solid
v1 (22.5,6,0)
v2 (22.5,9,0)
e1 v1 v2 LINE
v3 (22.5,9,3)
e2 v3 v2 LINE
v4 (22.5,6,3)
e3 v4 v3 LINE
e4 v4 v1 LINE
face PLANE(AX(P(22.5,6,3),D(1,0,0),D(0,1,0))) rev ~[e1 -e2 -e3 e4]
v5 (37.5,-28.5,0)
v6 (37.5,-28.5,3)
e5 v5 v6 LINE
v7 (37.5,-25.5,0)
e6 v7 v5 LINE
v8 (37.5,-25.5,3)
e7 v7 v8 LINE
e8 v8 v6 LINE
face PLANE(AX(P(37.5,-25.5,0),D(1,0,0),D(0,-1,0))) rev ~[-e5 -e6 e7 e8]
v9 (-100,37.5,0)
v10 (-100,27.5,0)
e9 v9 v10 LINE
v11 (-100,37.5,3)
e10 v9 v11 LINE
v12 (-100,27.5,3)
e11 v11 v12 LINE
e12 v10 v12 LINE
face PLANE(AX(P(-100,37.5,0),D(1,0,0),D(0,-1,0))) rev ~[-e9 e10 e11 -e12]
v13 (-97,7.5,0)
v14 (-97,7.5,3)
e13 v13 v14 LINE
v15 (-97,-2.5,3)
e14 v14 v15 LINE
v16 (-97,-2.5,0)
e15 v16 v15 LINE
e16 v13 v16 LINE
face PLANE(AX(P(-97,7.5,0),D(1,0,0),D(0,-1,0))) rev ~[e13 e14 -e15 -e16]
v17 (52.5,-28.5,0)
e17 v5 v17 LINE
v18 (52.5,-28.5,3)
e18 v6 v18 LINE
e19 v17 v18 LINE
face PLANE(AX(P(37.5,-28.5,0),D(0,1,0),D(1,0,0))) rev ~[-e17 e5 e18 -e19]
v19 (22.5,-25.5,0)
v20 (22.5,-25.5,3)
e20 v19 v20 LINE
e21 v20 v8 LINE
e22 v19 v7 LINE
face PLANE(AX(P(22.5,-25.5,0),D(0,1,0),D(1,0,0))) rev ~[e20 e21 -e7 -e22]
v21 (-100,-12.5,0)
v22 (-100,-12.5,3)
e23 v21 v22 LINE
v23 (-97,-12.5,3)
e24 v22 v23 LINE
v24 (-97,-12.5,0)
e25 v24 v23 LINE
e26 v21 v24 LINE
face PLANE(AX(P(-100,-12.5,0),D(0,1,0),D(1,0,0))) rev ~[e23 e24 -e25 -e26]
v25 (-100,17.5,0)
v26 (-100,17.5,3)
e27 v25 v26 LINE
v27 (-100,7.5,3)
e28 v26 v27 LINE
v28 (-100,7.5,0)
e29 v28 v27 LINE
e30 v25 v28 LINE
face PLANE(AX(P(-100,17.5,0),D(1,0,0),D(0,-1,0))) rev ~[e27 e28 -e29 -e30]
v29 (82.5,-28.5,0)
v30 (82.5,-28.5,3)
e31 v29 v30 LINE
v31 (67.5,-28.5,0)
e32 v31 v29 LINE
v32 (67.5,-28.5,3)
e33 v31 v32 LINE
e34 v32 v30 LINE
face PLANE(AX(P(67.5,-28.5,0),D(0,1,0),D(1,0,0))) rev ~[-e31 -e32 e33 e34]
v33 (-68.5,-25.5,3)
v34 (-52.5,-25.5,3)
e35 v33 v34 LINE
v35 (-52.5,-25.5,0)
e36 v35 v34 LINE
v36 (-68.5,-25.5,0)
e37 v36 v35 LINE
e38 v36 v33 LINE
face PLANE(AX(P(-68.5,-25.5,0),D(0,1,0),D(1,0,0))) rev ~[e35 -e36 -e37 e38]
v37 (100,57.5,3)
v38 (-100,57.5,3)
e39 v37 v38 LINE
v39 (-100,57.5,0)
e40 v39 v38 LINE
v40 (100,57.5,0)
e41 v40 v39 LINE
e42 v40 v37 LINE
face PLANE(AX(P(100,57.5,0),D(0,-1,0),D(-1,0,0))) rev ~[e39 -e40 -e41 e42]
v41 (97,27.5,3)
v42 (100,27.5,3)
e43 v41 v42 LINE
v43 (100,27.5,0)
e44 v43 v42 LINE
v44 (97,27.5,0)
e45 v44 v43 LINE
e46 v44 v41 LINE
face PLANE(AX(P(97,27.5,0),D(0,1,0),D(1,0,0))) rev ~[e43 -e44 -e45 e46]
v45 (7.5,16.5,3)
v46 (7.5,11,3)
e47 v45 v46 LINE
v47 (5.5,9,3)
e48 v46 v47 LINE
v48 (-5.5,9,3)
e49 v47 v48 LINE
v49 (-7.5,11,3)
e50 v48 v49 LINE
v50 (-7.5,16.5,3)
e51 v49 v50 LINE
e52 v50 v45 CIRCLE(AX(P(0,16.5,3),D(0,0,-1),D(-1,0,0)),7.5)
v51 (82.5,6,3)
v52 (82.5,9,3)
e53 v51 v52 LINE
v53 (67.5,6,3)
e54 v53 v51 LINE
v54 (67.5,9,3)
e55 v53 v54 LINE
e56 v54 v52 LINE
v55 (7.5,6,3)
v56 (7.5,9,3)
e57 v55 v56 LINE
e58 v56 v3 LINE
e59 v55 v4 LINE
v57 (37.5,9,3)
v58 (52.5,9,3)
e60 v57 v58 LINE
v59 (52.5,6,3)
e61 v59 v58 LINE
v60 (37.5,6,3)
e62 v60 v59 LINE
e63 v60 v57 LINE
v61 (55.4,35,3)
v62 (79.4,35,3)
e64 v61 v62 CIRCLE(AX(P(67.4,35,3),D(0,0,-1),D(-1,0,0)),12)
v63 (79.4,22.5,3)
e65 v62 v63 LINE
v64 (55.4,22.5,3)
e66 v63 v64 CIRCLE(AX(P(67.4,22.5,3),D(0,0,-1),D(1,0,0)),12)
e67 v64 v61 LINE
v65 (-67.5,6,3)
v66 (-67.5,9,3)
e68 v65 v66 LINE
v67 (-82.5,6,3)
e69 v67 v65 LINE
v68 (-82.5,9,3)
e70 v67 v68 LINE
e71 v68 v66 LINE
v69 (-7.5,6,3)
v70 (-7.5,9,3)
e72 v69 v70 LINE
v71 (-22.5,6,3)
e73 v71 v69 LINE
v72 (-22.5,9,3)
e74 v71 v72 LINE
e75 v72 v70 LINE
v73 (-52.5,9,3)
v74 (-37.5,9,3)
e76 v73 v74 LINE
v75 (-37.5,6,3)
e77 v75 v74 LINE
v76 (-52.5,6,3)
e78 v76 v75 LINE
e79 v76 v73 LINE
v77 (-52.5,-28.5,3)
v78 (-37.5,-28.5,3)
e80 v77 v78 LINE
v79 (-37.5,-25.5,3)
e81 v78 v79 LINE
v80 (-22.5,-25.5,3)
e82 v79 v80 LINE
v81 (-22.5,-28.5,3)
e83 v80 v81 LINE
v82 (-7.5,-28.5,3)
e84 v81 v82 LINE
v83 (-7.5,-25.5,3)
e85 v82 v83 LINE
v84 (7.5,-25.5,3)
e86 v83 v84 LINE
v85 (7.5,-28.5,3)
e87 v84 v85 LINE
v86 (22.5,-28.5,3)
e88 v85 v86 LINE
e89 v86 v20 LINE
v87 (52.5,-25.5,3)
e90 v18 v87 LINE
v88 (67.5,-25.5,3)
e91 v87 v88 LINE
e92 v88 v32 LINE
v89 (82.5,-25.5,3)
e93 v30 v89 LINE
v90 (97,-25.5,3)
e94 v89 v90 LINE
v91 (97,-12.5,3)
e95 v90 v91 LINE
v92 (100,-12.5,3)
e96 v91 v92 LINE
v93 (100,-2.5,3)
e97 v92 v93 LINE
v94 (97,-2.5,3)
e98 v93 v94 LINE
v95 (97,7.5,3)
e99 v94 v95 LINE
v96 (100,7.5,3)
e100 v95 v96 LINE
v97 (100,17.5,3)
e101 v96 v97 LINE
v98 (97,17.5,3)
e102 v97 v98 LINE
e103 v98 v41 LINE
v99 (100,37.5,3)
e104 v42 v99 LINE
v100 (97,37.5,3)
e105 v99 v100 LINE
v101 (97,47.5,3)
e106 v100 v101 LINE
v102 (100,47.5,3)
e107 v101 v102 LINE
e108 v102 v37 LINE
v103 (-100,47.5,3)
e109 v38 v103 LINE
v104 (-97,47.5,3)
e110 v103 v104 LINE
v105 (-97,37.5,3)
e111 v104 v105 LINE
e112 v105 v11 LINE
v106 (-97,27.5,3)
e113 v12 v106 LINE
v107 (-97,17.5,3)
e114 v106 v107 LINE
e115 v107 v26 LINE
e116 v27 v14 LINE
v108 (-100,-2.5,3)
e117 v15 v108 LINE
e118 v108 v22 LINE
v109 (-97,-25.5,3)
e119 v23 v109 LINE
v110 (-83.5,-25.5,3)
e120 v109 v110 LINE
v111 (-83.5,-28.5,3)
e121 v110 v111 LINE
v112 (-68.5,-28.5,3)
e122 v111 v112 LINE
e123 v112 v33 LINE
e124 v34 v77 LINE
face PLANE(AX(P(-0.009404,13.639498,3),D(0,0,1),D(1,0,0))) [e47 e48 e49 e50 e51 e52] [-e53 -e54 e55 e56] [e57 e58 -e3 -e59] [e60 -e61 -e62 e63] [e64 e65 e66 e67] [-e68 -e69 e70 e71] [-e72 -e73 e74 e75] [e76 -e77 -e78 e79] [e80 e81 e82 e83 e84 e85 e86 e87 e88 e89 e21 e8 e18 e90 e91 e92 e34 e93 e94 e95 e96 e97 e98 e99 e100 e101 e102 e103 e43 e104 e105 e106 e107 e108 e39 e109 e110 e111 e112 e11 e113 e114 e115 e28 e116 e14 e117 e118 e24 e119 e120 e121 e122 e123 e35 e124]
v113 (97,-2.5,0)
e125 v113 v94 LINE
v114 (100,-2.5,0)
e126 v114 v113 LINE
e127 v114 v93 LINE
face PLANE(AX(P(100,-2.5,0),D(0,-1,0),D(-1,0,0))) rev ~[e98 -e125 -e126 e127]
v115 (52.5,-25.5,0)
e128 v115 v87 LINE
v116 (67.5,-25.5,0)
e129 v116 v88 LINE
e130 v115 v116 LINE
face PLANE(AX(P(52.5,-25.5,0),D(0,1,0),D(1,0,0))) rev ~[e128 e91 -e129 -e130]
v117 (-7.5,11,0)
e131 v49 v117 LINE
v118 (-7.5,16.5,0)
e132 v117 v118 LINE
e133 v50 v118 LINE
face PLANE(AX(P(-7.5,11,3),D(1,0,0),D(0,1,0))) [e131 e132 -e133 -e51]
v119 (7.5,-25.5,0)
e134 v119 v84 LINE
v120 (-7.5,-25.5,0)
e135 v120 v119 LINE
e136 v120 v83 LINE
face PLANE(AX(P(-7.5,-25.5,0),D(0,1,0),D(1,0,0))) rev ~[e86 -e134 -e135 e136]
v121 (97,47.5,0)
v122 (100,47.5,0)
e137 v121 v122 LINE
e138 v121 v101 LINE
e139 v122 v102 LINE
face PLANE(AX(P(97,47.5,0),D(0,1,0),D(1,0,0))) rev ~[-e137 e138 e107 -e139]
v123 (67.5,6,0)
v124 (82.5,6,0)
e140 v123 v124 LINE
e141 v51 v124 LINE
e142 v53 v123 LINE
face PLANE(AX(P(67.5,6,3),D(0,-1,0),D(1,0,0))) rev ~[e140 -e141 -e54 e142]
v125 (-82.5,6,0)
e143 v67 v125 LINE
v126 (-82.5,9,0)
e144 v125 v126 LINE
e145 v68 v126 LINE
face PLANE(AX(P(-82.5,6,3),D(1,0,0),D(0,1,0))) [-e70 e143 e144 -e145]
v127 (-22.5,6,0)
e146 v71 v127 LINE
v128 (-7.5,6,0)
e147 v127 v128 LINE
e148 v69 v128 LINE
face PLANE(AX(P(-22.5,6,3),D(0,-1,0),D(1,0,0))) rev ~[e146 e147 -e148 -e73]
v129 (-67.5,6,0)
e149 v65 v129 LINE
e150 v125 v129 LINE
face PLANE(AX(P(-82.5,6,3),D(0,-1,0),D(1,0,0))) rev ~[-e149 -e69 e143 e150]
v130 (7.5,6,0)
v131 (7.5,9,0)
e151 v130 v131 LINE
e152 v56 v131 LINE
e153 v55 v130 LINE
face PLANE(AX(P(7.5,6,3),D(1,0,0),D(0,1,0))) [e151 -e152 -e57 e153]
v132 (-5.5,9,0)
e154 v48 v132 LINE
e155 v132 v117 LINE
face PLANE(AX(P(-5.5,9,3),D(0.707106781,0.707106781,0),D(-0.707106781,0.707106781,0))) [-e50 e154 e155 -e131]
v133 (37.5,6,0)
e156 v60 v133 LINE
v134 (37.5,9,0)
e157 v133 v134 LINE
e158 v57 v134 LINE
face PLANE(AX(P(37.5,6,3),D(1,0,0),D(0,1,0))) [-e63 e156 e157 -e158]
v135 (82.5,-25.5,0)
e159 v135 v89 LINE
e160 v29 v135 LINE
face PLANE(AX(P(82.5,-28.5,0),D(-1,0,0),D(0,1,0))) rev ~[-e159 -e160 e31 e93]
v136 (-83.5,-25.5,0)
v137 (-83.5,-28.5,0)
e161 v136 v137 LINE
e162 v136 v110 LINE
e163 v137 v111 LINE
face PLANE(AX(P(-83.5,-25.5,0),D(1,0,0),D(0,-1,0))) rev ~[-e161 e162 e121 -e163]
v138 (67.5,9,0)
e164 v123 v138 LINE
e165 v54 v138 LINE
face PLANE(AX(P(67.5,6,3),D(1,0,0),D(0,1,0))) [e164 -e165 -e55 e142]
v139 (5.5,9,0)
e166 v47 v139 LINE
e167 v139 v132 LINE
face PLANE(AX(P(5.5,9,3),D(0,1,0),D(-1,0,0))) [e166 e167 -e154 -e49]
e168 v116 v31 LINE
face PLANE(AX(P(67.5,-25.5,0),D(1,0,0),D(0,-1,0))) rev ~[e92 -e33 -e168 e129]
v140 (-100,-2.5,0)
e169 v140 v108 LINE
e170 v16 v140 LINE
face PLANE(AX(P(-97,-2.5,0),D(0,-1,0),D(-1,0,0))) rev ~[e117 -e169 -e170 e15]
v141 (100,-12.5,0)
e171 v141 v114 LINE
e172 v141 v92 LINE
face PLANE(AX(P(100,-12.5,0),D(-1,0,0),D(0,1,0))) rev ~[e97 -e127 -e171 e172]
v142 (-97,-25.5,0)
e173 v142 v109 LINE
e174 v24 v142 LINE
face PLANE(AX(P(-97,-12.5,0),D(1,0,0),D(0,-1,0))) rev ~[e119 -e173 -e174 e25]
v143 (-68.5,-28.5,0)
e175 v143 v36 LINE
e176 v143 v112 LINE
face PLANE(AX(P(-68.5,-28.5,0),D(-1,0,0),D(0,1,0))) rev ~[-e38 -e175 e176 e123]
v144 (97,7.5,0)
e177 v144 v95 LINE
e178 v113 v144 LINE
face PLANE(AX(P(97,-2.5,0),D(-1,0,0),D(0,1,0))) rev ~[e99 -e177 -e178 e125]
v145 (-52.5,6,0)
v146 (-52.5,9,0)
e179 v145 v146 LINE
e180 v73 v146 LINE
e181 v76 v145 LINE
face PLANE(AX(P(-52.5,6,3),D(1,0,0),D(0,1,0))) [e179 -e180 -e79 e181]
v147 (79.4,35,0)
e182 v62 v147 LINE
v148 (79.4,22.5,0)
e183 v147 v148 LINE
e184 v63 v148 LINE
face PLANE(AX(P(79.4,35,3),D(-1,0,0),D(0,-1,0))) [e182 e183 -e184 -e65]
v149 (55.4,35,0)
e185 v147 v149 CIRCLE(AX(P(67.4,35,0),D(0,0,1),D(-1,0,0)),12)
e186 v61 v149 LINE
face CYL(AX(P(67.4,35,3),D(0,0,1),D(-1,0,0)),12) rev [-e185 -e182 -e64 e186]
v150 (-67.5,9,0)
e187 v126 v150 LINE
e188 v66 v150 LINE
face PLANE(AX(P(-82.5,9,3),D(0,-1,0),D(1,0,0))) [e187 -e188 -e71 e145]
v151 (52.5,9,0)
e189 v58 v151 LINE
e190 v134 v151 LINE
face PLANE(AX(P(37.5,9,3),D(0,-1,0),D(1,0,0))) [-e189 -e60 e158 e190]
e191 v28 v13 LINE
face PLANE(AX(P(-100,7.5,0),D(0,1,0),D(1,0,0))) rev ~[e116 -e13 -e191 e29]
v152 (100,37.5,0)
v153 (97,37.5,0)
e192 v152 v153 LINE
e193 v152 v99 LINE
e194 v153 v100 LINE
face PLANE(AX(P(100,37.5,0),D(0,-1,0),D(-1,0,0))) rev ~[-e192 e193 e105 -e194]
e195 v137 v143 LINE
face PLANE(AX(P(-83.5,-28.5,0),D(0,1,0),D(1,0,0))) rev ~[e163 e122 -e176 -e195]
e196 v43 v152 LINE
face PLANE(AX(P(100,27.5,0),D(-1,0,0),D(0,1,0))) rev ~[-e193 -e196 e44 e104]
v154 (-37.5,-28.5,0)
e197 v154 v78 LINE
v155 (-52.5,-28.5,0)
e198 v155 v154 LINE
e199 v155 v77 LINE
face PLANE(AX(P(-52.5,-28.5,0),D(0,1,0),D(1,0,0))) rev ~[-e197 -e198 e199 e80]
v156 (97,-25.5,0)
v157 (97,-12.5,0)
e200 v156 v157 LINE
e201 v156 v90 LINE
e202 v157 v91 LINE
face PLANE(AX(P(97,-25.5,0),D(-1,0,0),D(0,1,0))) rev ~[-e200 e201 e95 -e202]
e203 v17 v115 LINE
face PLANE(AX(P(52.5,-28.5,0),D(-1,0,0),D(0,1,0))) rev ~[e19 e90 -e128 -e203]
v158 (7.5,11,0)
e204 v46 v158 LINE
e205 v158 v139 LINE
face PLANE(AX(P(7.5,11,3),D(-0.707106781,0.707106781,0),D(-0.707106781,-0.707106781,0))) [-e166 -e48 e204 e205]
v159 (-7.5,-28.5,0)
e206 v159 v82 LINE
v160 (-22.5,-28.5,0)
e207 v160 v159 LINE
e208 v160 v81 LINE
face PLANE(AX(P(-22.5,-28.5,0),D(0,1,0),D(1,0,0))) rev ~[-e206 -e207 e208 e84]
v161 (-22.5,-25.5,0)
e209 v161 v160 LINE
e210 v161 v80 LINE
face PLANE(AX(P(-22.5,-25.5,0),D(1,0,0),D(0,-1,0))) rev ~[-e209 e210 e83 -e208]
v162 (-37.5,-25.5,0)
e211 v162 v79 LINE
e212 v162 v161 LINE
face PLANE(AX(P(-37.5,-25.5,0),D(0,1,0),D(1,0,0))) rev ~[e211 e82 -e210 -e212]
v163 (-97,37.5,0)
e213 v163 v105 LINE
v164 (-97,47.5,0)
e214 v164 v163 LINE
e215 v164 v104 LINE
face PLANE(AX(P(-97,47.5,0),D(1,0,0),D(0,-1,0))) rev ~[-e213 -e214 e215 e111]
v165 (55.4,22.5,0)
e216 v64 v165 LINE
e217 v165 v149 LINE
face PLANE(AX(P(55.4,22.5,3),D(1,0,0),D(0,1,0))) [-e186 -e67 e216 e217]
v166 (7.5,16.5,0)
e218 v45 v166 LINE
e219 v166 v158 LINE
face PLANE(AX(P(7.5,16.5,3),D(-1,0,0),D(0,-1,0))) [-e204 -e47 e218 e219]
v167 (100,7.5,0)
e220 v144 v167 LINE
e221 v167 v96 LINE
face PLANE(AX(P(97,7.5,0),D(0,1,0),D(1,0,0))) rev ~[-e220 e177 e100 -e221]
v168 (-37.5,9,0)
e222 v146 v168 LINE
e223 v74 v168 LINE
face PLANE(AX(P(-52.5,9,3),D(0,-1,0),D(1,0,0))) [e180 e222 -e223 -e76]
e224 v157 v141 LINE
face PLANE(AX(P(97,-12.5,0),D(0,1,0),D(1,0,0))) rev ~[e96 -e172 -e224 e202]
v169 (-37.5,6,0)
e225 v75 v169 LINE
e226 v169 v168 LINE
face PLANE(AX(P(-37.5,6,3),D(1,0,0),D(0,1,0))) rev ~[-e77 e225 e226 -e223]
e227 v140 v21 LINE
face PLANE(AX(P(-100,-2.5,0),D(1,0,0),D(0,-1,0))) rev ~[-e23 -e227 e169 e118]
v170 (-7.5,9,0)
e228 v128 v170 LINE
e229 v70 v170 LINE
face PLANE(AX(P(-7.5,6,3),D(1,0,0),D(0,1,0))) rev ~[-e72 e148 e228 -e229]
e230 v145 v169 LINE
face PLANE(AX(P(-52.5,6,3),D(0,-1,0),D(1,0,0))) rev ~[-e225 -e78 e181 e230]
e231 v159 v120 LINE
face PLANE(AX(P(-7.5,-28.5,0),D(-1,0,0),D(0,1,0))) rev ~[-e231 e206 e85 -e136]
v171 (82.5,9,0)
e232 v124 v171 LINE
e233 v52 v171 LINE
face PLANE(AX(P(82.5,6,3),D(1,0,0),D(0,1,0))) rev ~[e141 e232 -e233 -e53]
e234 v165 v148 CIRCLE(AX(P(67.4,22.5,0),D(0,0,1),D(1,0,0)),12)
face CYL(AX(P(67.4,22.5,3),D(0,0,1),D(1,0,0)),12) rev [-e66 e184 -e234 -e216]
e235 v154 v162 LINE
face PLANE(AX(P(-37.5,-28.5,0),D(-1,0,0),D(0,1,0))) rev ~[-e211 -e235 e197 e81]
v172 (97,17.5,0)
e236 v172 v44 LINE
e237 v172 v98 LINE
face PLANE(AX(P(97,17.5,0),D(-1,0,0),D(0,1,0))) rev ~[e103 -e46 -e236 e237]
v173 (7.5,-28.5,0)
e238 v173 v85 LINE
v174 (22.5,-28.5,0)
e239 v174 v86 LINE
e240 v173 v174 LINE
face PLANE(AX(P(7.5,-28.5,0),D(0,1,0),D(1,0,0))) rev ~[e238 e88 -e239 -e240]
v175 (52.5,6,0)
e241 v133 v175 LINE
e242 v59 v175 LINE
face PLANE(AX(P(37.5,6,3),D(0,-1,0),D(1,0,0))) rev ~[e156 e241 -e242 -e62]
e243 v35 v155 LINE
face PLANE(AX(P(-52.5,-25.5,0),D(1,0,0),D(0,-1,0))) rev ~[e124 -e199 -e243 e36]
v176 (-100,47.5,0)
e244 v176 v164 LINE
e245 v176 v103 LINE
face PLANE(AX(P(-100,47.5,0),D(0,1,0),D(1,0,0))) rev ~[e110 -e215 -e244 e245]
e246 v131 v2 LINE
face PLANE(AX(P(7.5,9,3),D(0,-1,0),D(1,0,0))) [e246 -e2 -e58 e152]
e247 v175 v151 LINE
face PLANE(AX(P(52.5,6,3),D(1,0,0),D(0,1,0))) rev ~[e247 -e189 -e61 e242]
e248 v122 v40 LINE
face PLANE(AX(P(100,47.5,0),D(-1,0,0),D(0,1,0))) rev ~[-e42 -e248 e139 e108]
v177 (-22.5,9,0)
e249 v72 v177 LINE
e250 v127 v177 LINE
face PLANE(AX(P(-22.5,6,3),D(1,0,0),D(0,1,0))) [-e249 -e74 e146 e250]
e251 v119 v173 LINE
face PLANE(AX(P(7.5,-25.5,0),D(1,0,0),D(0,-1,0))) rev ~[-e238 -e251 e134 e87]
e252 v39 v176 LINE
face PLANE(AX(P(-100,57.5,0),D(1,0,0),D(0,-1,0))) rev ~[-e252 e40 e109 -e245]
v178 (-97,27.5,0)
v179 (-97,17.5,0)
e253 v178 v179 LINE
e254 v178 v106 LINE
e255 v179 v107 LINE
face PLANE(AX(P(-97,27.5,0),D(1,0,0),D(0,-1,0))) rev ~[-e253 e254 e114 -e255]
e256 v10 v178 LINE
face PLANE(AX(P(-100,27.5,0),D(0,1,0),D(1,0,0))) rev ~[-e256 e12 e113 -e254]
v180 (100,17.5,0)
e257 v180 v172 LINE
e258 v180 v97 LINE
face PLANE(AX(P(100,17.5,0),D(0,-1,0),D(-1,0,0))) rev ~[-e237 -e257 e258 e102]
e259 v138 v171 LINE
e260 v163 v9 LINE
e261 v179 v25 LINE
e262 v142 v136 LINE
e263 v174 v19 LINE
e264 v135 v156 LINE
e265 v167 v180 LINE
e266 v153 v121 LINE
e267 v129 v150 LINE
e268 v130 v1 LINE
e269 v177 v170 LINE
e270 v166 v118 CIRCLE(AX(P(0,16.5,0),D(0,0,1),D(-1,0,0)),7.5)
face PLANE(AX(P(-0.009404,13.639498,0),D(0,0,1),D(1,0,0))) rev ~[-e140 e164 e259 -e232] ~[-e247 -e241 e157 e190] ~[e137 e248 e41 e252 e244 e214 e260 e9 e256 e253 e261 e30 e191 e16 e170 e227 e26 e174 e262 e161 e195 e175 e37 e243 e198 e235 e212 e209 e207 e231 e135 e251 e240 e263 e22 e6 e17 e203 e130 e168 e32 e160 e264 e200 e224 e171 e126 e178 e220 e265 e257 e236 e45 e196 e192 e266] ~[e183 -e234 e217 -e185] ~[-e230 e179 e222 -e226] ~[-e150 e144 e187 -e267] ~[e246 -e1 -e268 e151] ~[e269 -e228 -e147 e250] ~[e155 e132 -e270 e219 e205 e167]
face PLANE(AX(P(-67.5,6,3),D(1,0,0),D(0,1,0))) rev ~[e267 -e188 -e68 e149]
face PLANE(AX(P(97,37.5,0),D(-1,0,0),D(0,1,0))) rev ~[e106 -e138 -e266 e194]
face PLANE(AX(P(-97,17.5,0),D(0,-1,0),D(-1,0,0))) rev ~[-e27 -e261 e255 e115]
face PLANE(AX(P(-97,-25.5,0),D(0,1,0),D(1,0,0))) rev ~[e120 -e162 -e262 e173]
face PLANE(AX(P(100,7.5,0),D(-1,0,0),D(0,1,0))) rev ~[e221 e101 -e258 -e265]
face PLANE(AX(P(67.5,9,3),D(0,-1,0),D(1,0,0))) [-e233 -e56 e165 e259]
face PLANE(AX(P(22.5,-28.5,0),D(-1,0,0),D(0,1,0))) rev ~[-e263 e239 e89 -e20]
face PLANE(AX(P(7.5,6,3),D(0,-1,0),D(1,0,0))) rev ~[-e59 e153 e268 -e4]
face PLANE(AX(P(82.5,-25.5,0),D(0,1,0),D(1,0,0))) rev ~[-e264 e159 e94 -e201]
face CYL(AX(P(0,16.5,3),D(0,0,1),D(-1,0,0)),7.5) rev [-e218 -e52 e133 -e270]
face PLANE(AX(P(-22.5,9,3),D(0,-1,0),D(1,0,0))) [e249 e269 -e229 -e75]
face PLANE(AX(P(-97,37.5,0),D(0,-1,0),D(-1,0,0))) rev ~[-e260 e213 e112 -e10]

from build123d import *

# Parameters (mm, degrees)
BOSS_EXTRUDE1_DEPTH = 3
SKETCH2_W           = 15
SKETCH2_H           = 3
CUT_EXTRUDE1_DEPTH  = 10


with BuildPart() as part:
    # Sketch1 → Boss-Extrude1 (new body)
    with BuildSketch(Plane.XY):
        Polygon((-97, -12.5), (-97, -25.5), (-83.5, -25.5), (-83.5, -28.5), (-68.5, -28.5), (-68.5, -25.5), (-52.5, -25.5), (-52.5, -28.5), (-37.5, -28.5), (-37.5, -25.5), (-22.5, -25.5), (-22.5, -28.5), (-7.5, -28.5), (-7.5, -25.5), (0, -25.5), (7.5, -25.5), (7.5, -28.5), (22.5, -28.5), (22.5, -25.5), (30, -25.5), (37.5, -25.5), (37.5, -28.5), (52.5, -28.5), (52.5, -25.5), (60, -25.5), (67.5, -25.5), (67.5, -28.5), (82.5, -28.5), (82.5, -25.5), (97, -25.5), (97, -12.5), (100, -12.5), (100, -2.5), (97, -2.5), (97, 7.5), (100, 7.5), (100, 17.5), (97, 17.5), (97, 27.5), (100, 27.5), (100, 37.5), (97, 37.5), (97, 47.5), (100, 47.5), (100, 57.5), (97, 57.5), (-97, 57.5), (-100, 57.5), (-100, 47.5), (-97, 47.5), (-97, 37.5), (-100, 37.5), (-100, 27.5), (-97, 27.5), (-97, 17.5), (-100, 17.5), (-100, 7.5), (-97, 7.5), (-97, -2.5), (-100, -2.5), (-100, -12.5), align=None)
    extrude(amount=BOSS_EXTRUDE1_DEPTH)

    # Sketch2 → Cut-Extrude1 (cut)
    with BuildSketch(Plane.XY.offset(3)):
        with BuildLine():
            Line((55.4, 22.5), (55.4, 35))
            ThreePointArc((55.4, 35), (67.4, 47), (79.4, 35))
            Line((79.4, 35), (79.4, 22.5))
            ThreePointArc((79.4, 22.5), (67.4, 10.5), (55.4, 22.5))
        make_face()
        with Locations((15, 7.5)):
            Rectangle(SKETCH2_W, SKETCH2_H)
        with Locations((45, 7.5)):
            Rectangle(SKETCH2_W, SKETCH2_H)
        with Locations((75, 7.5)):
            Rectangle(SKETCH2_W, SKETCH2_H)
        with Locations((-75, 7.5)):
            Rectangle(SKETCH2_W, SKETCH2_H)
        with Locations((-45, 7.5)):
            Rectangle(SKETCH2_W, SKETCH2_H)
        with Locations((-15, 7.5)):
            Rectangle(SKETCH2_W, SKETCH2_H)
        with BuildLine():
            Line((-7.5, 11), (-7.5, 16.5))
            ThreePointArc((-7.5, 16.5), (0, 24), (7.5, 16.5))
            Line((7.5, 16.5), (7.5, 11))
            Line((7.5, 11), (5.5, 9))
            Line((5.5, 9), (-5.5, 9))
            Line((-5.5, 9), (-7.5, 11))
        make_face()
    extrude(amount=-CUT_EXTRUDE1_DEPTH, mode=Mode.SUBTRACT)


solid = part.part
